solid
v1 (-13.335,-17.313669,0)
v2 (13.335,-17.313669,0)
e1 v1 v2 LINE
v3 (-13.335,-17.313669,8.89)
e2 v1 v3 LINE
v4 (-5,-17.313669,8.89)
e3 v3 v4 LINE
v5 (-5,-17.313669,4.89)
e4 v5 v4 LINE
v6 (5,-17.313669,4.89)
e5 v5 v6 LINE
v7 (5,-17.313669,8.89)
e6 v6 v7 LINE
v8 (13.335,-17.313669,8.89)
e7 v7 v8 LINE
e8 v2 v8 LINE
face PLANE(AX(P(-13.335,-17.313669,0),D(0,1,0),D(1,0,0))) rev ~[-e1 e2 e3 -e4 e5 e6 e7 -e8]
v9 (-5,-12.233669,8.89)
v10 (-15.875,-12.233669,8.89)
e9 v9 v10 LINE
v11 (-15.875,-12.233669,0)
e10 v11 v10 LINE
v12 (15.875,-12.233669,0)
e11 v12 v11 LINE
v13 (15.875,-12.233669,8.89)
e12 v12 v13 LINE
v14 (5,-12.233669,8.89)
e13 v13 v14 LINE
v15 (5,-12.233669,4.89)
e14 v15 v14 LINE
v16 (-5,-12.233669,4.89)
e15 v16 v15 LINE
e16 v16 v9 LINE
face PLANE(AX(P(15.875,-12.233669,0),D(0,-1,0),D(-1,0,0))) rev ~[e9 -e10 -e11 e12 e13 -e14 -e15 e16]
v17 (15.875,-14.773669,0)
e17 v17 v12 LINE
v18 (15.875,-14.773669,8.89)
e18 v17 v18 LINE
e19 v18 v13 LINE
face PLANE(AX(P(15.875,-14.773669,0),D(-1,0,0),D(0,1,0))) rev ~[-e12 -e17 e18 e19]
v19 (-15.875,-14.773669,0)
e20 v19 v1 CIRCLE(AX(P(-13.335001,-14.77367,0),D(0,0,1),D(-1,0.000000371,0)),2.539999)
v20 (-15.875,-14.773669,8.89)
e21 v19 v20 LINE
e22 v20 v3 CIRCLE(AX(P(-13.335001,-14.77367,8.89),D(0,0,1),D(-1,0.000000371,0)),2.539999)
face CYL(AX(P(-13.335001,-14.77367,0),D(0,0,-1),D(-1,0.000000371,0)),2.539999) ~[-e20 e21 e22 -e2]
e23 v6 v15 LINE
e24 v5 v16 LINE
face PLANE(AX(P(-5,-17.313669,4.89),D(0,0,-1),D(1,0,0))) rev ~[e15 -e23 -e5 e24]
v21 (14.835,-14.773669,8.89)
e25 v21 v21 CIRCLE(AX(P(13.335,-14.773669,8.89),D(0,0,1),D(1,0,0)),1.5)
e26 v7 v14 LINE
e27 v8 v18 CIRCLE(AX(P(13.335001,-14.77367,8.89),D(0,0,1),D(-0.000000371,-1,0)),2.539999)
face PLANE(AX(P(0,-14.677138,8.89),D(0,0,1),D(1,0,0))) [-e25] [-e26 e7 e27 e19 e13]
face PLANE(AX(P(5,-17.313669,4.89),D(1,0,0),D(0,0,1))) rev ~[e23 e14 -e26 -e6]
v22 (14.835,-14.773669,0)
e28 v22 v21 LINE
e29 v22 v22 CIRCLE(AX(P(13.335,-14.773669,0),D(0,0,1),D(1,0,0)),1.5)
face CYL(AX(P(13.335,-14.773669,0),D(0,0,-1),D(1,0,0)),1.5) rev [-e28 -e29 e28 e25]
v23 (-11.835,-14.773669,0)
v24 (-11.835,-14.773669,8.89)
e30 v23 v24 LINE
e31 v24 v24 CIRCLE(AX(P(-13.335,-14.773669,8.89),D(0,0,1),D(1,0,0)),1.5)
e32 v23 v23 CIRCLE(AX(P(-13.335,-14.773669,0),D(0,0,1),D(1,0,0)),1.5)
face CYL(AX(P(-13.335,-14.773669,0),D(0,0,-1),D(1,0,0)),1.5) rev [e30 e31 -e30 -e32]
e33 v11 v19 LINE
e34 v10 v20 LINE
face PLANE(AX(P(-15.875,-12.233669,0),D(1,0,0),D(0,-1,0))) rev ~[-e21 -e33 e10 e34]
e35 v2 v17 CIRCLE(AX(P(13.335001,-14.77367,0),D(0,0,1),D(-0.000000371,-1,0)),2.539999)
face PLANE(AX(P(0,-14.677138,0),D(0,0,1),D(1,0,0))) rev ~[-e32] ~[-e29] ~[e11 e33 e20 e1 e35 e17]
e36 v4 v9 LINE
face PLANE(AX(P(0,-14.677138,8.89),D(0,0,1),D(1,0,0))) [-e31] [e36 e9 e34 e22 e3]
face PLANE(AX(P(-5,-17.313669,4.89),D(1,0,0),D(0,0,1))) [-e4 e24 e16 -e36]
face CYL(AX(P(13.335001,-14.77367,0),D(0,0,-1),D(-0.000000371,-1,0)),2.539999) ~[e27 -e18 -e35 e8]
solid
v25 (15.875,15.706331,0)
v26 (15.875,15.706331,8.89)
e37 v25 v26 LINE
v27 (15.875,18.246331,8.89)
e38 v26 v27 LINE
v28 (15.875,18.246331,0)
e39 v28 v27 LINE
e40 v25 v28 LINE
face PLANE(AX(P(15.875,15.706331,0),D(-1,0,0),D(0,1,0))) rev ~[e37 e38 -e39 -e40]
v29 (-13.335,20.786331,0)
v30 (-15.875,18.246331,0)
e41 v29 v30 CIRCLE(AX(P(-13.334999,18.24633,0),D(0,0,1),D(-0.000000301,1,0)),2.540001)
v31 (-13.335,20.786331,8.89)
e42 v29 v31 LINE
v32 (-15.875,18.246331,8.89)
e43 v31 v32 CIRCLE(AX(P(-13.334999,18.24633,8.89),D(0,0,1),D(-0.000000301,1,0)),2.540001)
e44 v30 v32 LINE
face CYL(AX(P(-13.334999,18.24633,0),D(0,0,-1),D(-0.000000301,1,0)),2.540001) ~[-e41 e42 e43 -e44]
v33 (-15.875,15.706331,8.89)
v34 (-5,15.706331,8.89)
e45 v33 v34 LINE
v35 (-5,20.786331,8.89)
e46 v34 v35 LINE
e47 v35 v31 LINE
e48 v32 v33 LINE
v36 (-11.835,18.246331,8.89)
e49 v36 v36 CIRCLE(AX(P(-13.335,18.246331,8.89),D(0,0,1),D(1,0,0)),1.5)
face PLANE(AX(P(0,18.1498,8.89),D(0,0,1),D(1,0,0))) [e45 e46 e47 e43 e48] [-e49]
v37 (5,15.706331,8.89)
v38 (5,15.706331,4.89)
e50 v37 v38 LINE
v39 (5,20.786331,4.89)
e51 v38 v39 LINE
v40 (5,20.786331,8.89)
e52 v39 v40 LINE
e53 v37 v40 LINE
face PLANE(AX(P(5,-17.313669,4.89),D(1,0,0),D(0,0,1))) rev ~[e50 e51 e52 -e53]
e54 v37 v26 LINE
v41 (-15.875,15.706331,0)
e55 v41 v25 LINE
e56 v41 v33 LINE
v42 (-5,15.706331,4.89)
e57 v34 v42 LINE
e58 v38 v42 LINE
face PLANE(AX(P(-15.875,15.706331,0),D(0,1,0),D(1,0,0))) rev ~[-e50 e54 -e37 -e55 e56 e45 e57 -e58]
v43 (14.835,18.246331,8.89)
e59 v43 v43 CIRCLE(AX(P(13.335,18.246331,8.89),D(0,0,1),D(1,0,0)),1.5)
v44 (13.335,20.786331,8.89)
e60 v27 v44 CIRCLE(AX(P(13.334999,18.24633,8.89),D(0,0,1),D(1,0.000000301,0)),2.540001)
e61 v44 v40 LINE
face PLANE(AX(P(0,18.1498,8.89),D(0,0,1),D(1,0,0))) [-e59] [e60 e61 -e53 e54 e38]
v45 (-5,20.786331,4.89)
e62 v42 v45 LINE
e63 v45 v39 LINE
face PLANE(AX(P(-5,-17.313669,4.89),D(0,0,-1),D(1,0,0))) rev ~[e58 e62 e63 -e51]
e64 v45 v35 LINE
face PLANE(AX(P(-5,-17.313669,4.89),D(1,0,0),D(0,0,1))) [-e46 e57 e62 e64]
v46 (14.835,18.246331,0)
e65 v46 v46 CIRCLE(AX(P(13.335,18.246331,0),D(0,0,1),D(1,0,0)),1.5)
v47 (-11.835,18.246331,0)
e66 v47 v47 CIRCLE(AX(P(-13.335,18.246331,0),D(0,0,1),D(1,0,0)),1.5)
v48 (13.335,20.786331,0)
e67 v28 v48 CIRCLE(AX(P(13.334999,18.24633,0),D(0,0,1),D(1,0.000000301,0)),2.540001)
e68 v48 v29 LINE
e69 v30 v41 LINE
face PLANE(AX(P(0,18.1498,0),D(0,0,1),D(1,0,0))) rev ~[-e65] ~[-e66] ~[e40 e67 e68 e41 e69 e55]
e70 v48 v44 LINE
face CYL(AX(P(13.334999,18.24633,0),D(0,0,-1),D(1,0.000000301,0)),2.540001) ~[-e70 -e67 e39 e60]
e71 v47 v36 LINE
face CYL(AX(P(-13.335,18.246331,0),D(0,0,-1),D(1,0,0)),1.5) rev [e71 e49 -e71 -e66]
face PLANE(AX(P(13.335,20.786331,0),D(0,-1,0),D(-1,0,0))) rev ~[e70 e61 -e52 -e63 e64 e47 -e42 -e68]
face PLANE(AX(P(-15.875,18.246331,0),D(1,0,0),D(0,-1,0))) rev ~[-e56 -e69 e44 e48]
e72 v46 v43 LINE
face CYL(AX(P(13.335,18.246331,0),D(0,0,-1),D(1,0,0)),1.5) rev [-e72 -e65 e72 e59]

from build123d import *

# Parameters (mm, degrees)
F0_R     = 1.5
F1_DEPTH = 8.89
F2_W     = 10
F2_H     = 4
F3_DEPTH = 38.101


with BuildPart() as f1:
    # F0 (on Top) → F1 (new body)
    with BuildSketch(Plane.XY):
        with BuildLine():
            Line((-15.875, 15.706331), (15.875, 15.706331))
            Line((15.875, 15.706331), (15.875, 18.246331))
            ThreePointArc((15.875, 18.246331), (15.131051, 20.042382), (13.335, 20.786331))
            Line((13.335, 20.786331), (-13.335, 20.786331))
            ThreePointArc((-13.335, 20.786331), (-15.131051, 20.042382), (-15.875, 18.246331))
            Line((-15.875, 18.246331), (-15.875, 15.706331))
        make_face()
        with Locations((-13.335, 18.246331)):
            Circle(F0_R, mode=Mode.SUBTRACT)
        with Locations((13.335, 18.246331)):
            Circle(F0_R, mode=Mode.SUBTRACT)
        with BuildLine():
            Line((-13.335, -17.313669), (13.335, -17.313669))
            ThreePointArc((13.335, -17.313669), (15.131051, -16.569721), (15.875, -14.773669))
            Line((15.875, -14.773669), (15.875, -12.233669))
            Line((15.875, -12.233669), (-15.875, -12.233669))
            Line((-15.875, -12.233669), (-15.875, -14.773669))
            ThreePointArc((-15.875, -14.773669), (-15.131051, -16.569721), (-13.335, -17.313669))
        make_face()
        with Locations((-13.335, -14.773669)):
            Circle(F0_R, mode=Mode.SUBTRACT)
        with Locations((13.335, -14.773669)):
            Circle(F0_R, mode=Mode.SUBTRACT)
    extrude(amount=F1_DEPTH)

    # F2 (on face) → F3 (cut, through all)
    with BuildSketch(Plane.XZ.offset(17.313669)):
        with Locations((0, 6.89)):
            Rectangle(F2_W, F2_H)
    extrude(amount=-F3_DEPTH, mode=Mode.SUBTRACT)


solid = f1.part
